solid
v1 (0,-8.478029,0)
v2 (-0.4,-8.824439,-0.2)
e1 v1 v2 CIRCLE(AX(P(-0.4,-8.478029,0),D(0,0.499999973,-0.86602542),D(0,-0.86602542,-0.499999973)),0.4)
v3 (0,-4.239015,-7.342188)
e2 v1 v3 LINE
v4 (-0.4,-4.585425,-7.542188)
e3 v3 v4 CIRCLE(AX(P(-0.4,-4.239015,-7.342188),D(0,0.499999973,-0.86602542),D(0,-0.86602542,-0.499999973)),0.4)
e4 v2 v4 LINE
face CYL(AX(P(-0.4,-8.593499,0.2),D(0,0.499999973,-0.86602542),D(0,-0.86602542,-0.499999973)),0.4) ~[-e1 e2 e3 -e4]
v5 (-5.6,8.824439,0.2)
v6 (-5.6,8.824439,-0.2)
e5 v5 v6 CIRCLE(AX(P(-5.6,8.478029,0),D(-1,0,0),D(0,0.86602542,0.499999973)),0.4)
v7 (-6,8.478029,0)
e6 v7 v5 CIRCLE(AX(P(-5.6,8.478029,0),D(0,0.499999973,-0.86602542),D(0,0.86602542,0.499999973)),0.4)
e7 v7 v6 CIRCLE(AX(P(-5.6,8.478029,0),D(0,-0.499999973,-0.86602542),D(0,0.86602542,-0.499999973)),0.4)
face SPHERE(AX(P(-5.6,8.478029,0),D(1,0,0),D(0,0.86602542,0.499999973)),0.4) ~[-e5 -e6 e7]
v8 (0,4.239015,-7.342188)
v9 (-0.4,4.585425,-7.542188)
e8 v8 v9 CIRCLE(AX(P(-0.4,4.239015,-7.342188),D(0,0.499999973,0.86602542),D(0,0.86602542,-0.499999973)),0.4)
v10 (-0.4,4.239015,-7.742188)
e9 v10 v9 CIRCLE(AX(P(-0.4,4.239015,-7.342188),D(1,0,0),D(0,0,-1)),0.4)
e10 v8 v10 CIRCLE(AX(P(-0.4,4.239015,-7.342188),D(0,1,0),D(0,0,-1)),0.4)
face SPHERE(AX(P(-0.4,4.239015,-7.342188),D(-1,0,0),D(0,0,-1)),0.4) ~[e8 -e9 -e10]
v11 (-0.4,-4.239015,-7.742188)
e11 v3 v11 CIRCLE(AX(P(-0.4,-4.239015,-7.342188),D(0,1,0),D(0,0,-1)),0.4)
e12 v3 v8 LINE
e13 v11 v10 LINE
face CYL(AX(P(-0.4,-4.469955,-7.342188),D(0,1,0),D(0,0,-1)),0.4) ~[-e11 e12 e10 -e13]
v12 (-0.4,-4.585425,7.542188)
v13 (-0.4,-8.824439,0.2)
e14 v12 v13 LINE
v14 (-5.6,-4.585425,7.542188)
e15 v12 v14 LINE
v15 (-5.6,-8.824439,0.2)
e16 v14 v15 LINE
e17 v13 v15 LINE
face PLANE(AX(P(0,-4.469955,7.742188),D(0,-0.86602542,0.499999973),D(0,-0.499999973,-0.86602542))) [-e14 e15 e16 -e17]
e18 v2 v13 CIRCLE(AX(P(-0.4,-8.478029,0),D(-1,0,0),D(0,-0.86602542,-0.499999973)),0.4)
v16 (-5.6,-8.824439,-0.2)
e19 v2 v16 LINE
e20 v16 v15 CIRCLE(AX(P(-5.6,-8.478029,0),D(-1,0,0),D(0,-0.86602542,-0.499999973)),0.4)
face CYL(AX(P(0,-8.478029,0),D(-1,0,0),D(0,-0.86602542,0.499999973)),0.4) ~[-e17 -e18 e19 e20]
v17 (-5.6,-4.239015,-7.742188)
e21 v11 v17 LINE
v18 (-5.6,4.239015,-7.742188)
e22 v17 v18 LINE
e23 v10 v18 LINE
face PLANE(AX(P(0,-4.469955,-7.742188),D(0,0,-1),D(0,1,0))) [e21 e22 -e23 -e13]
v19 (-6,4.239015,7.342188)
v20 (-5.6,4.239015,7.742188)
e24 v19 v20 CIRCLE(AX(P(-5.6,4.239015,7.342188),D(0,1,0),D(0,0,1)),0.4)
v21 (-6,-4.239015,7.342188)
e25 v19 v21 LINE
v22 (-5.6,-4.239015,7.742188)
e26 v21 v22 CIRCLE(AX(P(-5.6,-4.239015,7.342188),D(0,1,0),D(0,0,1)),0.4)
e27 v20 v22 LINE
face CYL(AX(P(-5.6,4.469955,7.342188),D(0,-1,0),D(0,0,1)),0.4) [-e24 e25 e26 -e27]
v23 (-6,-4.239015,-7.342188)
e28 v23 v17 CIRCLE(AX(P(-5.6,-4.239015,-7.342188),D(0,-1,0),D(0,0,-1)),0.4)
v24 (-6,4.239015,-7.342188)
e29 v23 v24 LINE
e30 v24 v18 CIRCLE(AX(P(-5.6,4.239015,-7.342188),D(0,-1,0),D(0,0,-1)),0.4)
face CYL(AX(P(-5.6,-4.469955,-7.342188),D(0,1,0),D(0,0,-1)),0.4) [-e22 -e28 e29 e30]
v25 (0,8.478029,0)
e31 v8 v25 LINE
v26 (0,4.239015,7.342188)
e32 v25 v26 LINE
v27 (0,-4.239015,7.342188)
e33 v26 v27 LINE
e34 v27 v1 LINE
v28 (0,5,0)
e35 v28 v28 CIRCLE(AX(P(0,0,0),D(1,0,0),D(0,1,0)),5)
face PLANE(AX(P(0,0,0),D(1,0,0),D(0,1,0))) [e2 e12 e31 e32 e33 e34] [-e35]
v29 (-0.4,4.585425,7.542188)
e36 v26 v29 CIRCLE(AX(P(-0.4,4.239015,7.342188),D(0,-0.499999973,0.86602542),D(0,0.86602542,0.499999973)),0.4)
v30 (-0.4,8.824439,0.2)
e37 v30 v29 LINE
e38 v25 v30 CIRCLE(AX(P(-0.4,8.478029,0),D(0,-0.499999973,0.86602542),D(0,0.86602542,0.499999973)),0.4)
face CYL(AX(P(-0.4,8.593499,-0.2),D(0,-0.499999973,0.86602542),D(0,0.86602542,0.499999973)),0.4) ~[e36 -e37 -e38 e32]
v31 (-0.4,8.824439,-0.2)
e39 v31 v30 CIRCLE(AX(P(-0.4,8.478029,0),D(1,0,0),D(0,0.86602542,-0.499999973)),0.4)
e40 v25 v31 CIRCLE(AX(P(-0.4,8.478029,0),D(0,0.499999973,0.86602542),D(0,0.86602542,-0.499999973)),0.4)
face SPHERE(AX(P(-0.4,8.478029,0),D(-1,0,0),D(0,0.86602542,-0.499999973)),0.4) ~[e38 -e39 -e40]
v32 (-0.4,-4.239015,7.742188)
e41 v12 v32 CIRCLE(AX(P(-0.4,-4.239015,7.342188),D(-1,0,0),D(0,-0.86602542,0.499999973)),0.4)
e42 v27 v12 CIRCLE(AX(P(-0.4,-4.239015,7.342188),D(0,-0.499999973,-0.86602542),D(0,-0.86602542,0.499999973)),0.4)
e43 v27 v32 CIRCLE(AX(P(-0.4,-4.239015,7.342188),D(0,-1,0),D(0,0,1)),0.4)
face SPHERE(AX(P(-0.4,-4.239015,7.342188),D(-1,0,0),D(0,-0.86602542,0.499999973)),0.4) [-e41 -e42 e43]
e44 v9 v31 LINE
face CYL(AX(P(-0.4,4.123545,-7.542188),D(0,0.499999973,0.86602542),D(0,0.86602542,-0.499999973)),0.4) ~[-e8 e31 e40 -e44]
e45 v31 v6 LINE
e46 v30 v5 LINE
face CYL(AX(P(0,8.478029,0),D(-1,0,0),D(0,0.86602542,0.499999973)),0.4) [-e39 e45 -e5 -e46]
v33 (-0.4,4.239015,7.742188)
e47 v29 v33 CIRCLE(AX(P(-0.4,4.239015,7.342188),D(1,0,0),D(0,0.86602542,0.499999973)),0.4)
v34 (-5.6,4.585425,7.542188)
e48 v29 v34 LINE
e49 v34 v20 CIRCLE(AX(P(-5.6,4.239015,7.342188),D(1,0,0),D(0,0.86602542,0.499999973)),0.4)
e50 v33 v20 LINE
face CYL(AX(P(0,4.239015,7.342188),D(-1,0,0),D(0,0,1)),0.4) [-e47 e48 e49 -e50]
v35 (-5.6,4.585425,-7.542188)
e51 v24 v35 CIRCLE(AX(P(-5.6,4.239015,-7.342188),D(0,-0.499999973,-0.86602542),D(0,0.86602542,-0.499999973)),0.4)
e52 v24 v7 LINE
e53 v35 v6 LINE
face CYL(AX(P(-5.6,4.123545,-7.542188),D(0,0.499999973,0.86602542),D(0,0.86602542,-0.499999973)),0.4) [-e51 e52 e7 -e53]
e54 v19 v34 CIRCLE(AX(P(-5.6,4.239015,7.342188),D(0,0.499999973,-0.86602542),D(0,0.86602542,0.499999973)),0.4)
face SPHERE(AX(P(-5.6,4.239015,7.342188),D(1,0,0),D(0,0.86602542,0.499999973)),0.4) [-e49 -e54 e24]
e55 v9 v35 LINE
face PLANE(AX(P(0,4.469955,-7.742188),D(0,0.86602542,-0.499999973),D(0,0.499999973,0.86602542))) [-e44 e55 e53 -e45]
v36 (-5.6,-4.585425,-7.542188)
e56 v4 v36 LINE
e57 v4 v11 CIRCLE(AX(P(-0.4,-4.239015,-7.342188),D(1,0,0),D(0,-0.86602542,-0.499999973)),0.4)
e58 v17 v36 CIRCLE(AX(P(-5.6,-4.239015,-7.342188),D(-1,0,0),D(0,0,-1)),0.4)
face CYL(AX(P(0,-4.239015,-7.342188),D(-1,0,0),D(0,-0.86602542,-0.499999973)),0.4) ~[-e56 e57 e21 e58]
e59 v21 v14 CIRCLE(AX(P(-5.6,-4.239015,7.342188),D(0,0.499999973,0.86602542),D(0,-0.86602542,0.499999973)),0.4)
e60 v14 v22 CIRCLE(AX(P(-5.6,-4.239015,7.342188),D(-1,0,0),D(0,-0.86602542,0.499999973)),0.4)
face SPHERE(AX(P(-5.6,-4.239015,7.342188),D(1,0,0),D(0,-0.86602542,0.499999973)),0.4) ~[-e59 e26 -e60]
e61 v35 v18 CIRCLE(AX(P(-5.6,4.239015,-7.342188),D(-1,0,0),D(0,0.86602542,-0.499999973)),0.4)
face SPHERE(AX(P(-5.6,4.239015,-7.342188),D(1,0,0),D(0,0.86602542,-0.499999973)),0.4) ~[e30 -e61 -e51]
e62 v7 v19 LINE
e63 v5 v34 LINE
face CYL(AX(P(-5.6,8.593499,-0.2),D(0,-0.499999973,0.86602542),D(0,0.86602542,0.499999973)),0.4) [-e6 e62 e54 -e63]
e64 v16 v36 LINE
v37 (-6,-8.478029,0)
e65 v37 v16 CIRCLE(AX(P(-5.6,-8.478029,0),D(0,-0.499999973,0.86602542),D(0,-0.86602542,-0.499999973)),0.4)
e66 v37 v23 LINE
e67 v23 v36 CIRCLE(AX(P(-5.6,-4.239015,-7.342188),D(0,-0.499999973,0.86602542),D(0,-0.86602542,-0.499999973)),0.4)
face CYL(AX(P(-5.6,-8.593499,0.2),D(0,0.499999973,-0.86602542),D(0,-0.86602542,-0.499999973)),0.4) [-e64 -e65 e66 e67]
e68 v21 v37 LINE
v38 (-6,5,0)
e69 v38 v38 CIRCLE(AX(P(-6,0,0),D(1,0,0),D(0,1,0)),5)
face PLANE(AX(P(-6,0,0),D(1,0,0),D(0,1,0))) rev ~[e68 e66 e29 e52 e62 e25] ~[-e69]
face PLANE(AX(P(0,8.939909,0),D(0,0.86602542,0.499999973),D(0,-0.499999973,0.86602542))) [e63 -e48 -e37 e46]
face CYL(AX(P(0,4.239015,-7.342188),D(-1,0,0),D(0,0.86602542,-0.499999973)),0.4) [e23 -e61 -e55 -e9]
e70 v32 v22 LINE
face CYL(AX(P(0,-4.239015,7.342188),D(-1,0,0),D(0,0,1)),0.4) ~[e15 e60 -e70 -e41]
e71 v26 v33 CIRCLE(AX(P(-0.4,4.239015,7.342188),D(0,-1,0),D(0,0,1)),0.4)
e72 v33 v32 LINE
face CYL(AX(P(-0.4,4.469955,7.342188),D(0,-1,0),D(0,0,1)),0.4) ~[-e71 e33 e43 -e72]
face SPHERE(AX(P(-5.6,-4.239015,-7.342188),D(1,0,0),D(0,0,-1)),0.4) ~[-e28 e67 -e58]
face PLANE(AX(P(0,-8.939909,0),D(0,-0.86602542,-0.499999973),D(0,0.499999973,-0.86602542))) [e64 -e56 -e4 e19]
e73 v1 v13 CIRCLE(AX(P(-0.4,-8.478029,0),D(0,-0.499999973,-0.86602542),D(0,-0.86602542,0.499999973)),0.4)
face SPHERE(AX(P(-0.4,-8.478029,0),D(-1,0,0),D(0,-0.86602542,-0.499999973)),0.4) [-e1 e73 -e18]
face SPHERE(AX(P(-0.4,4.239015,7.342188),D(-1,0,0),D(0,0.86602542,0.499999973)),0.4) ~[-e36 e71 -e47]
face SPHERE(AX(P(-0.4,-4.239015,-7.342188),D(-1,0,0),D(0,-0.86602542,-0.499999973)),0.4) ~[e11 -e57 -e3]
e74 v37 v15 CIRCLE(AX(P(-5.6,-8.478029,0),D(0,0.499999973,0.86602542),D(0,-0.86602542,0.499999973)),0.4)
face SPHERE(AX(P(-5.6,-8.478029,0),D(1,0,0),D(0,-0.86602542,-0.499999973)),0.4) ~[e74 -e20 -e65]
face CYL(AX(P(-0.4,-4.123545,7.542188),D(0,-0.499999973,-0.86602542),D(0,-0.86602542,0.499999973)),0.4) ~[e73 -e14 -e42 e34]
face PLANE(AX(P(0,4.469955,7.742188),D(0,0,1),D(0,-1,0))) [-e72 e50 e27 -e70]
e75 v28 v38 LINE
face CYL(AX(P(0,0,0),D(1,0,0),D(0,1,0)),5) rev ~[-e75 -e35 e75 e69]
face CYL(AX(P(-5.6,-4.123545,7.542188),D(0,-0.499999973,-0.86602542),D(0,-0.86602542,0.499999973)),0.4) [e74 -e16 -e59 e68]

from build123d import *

# Parameters (mm, degrees)
F0_R     = 5
F1_DEPTH = 6
F2_R     = 0.4


with BuildPart() as f1:
    # F0 (on Right) → F1 (new body)
    with BuildSketch(Plane.YZ):
        Polygon((4.469955, 7.742188), (-4.469955, 7.742188), (-8.939909, 0), (-4.469955, -7.742188), (4.469955, -7.742188), (8.939909, 0), align=None)
        Circle(F0_R, mode=Mode.SUBTRACT)
    extrude(amount=-F1_DEPTH)

    # F2
    f2_edges = [f1.edges().sort_by_distance(p)[0] for p in [
        (-3, 4.469955, 7.742188),
        (-3, 8.939909, 0),
        (-3, 4.469955, -7.742188),
        (-3, -4.469955, -7.742188),
        (-3, -8.939909, 0),
        (0, -6.704932, -3.871094),
        (0, 0, -7.742188),
        (0, 6.704932, -3.871094),
        (0, 6.704932, 3.871094),
        (-6, 6.704932, 3.871094),
        (-6, 6.704932, -3.871094),
        (-6, 0, -7.742188),
        (-6, -6.704932, -3.871094),
        (-3, -4.469955, 7.742188),
        (0, -6.704932, 3.871094),
        (-6, -6.704932, 3.871094),
        (0, 0, 7.742188),
        (-6, 0, 7.742188),
    ]]
    fillet(f2_edges, radius=F2_R)


solid = f1.part
